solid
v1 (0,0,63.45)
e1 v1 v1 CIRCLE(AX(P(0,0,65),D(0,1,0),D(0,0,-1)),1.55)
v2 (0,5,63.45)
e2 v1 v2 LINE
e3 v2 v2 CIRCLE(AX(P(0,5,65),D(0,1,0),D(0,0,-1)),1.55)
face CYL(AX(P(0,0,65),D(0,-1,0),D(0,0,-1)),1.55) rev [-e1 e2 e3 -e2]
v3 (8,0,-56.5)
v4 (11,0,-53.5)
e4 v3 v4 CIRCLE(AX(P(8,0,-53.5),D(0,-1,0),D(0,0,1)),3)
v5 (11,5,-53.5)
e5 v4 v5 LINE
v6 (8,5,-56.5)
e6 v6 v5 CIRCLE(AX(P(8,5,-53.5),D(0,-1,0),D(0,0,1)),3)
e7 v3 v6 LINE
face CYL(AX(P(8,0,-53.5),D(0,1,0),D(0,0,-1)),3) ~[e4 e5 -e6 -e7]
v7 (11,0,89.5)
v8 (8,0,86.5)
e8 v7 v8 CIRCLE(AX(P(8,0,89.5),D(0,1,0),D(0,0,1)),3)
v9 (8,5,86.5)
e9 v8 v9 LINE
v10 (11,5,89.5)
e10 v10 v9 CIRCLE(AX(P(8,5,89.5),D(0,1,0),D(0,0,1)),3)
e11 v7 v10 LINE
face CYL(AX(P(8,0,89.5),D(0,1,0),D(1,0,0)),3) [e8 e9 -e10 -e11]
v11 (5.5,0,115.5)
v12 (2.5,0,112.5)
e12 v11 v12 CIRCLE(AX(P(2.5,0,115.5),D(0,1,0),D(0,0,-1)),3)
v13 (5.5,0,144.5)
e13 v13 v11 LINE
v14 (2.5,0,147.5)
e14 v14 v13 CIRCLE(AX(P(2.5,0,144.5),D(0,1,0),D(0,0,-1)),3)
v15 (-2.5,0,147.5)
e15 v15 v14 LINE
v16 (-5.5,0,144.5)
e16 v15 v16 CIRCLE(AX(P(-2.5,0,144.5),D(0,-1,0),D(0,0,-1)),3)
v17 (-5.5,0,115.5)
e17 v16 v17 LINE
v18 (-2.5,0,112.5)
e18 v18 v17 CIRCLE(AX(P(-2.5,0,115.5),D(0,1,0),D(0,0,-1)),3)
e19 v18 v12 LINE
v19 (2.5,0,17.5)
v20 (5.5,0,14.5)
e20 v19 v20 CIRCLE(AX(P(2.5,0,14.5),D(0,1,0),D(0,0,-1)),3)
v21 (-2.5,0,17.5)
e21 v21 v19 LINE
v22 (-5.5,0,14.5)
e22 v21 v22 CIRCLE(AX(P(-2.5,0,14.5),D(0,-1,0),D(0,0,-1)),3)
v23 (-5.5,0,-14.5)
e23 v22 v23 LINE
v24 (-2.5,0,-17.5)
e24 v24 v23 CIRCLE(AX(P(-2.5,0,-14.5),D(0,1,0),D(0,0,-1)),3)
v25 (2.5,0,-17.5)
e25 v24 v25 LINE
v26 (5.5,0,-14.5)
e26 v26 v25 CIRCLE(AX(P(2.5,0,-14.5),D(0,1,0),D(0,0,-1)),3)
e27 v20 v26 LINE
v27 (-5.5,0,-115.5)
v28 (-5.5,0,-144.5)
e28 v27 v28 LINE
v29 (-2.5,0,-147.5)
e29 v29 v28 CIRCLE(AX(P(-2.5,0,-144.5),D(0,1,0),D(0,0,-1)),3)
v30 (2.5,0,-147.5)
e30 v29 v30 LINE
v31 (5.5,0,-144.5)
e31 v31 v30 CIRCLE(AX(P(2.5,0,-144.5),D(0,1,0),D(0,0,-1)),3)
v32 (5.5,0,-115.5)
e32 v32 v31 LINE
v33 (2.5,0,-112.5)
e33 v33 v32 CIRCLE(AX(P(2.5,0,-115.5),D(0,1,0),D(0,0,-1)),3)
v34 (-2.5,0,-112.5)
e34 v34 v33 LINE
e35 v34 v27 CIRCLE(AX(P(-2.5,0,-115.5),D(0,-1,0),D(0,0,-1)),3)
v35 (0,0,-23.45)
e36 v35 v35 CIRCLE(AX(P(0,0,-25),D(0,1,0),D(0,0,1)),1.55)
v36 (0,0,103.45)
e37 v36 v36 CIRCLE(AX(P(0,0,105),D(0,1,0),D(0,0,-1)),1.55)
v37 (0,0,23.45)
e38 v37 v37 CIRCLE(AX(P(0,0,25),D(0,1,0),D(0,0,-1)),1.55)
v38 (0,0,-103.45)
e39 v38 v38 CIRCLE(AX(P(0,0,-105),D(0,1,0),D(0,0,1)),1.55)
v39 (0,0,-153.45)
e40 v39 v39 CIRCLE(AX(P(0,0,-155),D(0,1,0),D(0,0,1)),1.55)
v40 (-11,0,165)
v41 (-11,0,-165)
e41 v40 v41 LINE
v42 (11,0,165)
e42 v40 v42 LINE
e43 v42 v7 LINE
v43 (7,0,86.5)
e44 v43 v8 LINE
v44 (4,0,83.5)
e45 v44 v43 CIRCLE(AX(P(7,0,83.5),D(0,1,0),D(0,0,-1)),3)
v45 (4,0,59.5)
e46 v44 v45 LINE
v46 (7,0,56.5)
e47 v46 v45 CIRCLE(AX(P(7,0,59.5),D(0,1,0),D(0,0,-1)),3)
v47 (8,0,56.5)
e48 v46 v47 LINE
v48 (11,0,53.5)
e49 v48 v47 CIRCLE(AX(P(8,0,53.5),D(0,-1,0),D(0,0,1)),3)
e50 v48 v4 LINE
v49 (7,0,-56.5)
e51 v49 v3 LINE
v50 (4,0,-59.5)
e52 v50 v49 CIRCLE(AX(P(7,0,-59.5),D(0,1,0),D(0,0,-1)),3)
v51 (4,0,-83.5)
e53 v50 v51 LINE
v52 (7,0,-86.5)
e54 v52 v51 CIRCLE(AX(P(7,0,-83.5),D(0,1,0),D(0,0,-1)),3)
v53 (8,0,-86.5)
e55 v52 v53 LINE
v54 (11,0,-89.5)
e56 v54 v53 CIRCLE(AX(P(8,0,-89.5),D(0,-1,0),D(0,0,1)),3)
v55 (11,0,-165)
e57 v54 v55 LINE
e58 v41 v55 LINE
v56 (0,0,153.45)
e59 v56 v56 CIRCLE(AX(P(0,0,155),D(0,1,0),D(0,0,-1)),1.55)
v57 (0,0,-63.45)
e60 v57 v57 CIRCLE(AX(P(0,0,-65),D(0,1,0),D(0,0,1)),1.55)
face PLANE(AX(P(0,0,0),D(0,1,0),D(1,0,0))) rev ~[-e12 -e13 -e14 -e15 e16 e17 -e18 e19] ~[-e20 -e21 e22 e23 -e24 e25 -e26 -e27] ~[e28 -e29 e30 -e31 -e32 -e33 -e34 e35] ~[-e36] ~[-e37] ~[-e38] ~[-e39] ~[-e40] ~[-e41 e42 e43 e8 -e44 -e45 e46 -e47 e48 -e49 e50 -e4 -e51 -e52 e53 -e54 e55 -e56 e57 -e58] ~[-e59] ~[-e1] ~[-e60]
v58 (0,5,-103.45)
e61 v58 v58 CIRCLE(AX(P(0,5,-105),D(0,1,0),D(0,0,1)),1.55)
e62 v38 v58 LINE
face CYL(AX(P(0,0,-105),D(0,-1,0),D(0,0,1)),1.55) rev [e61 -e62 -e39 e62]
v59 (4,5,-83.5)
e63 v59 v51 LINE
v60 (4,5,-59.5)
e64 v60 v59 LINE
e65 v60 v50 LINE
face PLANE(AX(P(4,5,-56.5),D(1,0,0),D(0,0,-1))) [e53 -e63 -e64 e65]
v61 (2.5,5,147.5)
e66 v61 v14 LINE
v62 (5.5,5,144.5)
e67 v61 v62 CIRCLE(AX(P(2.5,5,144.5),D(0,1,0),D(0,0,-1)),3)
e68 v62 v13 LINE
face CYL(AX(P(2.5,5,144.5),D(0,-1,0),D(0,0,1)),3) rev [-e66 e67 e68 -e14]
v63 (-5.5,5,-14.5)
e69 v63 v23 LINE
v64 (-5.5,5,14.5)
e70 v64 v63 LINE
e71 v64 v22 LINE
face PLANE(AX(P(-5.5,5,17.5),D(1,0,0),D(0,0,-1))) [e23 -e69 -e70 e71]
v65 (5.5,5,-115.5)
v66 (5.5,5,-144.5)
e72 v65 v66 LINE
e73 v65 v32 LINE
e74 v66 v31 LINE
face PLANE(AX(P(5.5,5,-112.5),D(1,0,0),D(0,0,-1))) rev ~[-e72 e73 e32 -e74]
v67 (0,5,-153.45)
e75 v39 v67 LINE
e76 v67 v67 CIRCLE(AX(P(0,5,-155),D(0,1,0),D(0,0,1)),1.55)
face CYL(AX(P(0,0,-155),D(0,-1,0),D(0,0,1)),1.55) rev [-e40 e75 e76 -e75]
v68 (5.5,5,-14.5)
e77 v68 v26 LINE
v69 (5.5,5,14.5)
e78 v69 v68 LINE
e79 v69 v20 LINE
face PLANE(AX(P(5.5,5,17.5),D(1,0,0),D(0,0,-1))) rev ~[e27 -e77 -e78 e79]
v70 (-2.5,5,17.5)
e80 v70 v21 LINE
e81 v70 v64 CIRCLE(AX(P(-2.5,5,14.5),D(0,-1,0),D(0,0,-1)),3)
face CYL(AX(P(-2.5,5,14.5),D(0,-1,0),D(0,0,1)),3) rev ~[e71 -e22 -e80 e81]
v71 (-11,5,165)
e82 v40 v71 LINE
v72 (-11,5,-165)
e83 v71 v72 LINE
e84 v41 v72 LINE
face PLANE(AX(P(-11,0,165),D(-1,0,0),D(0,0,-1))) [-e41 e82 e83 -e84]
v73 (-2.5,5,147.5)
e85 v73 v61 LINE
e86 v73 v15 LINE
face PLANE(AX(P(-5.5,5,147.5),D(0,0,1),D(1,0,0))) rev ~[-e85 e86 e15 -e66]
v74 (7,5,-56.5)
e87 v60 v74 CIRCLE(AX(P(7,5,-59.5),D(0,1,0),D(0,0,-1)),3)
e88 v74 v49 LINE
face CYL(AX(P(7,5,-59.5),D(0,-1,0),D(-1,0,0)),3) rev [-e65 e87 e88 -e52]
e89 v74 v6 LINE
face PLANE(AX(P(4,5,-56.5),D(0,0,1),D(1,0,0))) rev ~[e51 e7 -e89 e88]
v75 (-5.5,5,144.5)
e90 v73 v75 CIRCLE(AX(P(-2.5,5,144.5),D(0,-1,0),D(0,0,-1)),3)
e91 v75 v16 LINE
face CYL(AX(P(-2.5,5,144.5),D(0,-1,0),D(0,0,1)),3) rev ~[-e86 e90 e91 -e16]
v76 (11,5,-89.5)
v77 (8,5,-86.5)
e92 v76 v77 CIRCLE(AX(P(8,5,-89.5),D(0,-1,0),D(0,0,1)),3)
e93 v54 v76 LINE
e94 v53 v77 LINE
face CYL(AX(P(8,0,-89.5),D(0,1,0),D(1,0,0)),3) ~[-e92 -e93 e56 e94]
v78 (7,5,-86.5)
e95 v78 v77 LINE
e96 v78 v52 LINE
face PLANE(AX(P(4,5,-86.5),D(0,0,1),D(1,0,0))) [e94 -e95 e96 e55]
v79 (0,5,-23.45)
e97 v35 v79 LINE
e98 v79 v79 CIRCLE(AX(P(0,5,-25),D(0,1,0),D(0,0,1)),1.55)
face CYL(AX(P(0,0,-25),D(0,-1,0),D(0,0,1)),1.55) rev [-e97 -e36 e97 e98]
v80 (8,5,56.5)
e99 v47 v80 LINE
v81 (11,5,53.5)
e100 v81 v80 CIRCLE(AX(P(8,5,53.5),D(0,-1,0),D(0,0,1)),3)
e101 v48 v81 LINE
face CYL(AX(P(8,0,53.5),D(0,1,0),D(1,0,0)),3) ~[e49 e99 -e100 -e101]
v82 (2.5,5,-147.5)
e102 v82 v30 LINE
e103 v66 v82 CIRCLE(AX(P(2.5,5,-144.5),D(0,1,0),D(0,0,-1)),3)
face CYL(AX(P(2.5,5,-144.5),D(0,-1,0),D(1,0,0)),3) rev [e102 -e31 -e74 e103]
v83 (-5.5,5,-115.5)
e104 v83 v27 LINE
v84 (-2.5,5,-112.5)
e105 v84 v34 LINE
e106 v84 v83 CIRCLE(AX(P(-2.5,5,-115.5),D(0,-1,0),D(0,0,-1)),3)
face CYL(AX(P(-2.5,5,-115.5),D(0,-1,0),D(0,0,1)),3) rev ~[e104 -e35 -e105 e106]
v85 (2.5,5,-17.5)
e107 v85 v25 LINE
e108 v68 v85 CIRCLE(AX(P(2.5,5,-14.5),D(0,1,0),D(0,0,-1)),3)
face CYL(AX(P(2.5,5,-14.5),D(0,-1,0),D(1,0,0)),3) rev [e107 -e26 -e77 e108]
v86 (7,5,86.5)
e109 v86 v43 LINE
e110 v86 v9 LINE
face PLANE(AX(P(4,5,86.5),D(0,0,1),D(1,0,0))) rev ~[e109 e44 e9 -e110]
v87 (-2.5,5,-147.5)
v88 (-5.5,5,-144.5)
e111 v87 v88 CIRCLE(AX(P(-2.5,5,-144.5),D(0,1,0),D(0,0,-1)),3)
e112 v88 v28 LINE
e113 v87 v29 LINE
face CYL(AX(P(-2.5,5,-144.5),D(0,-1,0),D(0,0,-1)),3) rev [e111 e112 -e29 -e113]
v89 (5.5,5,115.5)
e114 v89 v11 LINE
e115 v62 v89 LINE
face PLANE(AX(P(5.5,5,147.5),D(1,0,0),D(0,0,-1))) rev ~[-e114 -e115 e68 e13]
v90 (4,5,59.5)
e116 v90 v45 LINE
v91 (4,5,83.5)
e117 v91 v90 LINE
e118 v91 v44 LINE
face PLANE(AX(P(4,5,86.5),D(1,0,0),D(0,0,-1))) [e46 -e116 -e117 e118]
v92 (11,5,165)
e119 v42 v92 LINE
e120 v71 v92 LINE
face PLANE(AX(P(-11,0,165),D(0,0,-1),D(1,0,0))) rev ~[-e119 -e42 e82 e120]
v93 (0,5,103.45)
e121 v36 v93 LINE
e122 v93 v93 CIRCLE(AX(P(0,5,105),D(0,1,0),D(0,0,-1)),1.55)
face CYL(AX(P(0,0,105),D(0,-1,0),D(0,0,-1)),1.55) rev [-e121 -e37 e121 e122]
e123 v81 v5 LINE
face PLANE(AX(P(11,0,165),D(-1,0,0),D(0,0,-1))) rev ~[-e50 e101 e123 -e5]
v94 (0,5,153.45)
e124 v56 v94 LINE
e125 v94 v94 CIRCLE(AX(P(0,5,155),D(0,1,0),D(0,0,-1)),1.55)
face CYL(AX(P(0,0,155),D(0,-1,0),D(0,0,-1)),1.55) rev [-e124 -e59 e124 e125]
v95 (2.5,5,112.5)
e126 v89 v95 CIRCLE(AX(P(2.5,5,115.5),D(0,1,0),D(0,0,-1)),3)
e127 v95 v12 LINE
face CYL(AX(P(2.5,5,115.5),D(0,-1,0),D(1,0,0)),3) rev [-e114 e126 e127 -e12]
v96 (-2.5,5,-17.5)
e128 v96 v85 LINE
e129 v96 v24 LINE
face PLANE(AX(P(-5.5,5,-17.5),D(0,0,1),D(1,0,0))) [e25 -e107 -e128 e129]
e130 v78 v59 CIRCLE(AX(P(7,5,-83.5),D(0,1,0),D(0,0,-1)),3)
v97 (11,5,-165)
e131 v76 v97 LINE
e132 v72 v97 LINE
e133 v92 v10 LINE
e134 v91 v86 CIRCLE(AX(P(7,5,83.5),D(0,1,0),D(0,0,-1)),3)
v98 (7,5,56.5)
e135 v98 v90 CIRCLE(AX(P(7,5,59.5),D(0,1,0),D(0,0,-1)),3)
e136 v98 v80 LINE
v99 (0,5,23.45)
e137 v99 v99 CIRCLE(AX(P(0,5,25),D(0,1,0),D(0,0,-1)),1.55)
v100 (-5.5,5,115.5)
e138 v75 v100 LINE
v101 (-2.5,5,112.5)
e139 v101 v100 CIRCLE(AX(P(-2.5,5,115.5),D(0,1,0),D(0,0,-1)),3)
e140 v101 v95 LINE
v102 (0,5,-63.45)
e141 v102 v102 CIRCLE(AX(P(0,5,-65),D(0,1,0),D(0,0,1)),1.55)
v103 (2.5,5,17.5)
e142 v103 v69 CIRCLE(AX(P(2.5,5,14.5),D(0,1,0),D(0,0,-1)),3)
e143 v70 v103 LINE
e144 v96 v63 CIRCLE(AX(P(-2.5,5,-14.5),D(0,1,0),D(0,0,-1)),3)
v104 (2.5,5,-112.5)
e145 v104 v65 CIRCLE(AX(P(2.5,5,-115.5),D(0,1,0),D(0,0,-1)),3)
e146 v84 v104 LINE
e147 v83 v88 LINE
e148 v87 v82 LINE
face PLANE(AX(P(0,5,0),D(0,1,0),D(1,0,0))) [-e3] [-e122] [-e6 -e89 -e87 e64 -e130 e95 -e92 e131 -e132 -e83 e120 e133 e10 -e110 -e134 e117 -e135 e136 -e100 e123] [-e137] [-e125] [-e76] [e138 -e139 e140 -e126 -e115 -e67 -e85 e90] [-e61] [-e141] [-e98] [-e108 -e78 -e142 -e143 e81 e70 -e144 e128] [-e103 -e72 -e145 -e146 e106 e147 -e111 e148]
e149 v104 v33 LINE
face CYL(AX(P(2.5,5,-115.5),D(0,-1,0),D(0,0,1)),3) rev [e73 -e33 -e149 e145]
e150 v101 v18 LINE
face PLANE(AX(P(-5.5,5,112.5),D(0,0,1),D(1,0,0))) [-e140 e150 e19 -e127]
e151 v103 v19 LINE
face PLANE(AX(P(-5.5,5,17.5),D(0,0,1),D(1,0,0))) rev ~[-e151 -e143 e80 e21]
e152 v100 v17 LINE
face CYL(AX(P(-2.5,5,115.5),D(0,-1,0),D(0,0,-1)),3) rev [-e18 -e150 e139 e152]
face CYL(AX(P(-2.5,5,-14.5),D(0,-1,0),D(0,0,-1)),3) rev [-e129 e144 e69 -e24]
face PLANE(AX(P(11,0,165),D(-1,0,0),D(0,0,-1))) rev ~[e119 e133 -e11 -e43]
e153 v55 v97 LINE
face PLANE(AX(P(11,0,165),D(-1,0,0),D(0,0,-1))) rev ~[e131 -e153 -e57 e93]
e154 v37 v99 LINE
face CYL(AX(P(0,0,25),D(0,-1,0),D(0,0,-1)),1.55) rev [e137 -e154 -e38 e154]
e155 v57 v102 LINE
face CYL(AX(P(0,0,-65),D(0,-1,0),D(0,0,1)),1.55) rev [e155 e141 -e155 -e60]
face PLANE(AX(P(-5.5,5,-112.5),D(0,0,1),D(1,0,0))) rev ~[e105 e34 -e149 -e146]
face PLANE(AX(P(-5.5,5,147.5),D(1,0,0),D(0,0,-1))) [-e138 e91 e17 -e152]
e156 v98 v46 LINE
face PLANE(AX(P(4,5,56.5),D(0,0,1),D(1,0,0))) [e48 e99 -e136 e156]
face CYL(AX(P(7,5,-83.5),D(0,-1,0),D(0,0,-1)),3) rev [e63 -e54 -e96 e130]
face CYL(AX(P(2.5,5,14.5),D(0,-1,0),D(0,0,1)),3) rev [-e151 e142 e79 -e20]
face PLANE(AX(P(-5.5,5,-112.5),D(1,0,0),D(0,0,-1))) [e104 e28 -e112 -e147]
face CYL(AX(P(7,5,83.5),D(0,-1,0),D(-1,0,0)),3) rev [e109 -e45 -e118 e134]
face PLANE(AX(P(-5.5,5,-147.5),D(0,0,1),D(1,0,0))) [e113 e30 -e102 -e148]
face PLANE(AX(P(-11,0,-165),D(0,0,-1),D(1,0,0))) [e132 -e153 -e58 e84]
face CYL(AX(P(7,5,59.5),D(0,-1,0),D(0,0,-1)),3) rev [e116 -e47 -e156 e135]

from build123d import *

# Parameters (mm, degrees)
SKETCH_1_W          = 22
SKETCH_1_H          = 330
SKETCH_1_R          = 1.55
EXTRUDE_1_DEPTH     = 5
SKETCH_2_W          = 14
SKETCH_2_H          = 30
CUT_EXTRUDE_1_DEPTH = 166.441832678
FILLET_1_R          = 3
SKETCH_3_W          = 11
SKETCH_3_H          = 35
CUT_EXTRUDE_2_DEPTH = 166.441832678
FILLET_2_R          = 3


with BuildPart() as part:
    # 草图1 → 凸台-拉伸1 (new body)
    with BuildSketch(Plane(origin=(0, 0, 0), x_dir=(1, 0, 0), z_dir=(0, 1, 0))):
        Rectangle(SKETCH_1_W, SKETCH_1_H)
        with Locations(Location((0, 25, 0), (0, 0, 270))):
            Circle(SKETCH_1_R, mode=Mode.SUBTRACT)
        with Locations(Location((0, 65, 0), (0, 0, 270))):
            Circle(SKETCH_1_R, mode=Mode.SUBTRACT)
        with Locations(Location((0, -25, 0), (0, 0, 90))):
            Circle(SKETCH_1_R, mode=Mode.SUBTRACT)
        with Locations(Location((0, -65, 0), (0, 0, 90))):
            Circle(SKETCH_1_R, mode=Mode.SUBTRACT)
        with Locations(Location((0, 105, 0), (0, 0, 270))):
            Circle(SKETCH_1_R, mode=Mode.SUBTRACT)
        with Locations(Location((0, 155, 0), (0, 0, 270))):
            Circle(SKETCH_1_R, mode=Mode.SUBTRACT)
        with Locations(Location((0, -155, 0), (0, 0, 90))):
            Circle(SKETCH_1_R, mode=Mode.SUBTRACT)
        with Locations(Location((0, -105, 0), (0, 0, 90))):
            Circle(SKETCH_1_R, mode=Mode.SUBTRACT)
    extrude(amount=EXTRUDE_1_DEPTH)

    # 草图2 → 切除-拉伸1 (cut, through all)
    with BuildSketch(Plane(origin=(0, 5, 0), x_dir=(1, 0, 0), z_dir=(0, 1, 0))):
        with Locations((11, 71.5)):
            Rectangle(SKETCH_2_W, SKETCH_2_H)
        with Locations((11, -71.5)):
            Rectangle(SKETCH_2_W, SKETCH_2_H)
    extrude(amount=-CUT_EXTRUDE_1_DEPTH, mode=Mode.SUBTRACT)

    # 圆角1
    fillet_1_edges = [part.edges().sort_by_distance(p)[0] for p in [
        (11, 2.5, 86.5),
        (11, 2.5, 56.5),
        (11, 2.5, -86.5),
        (11, 2.5, -56.5),
        (4, 2.5, -86.5),
        (4, 2.5, -56.5),
        (4, 2.5, 56.5),
        (4, 2.5, 86.5),
    ]]
    fillet(fillet_1_edges, radius=FILLET_1_R)

    # 草图3 → 切除-拉伸2 (cut, through all)
    with BuildSketch(Plane(origin=(0, 5, 0), x_dir=(1, 0, 0), z_dir=(0, 1, 0))):
        with Locations((0, 130)):
            Rectangle(SKETCH_3_W, SKETCH_3_H)
        with Locations((0, -130)):
            Rectangle(SKETCH_3_W, SKETCH_3_H)
        Rectangle(SKETCH_3_W, SKETCH_3_H)
    extrude(amount=-CUT_EXTRUDE_2_DEPTH, mode=Mode.SUBTRACT)

    # 圆角2
    fillet_2_edges = [part.edges().sort_by_distance(p)[0] for p in [
        (5.5, 2.5, -147.5),
        (5.5, 2.5, -112.5),
        (-5.5, 2.5, -112.5),
        (-5.5, 2.5, -147.5),
        (-5.5, 2.5, 147.5),
        (-5.5, 2.5, 112.5),
        (5.5, 2.5, 112.5),
        (5.5, 2.5, 147.5),
        (5.5, 2.5, -17.5),
        (5.5, 2.5, 17.5),
        (-5.5, 2.5, 17.5),
        (-5.5, 2.5, -17.5),
    ]]
    fillet(fillet_2_edges, radius=FILLET_2_R)


solid = part.part
